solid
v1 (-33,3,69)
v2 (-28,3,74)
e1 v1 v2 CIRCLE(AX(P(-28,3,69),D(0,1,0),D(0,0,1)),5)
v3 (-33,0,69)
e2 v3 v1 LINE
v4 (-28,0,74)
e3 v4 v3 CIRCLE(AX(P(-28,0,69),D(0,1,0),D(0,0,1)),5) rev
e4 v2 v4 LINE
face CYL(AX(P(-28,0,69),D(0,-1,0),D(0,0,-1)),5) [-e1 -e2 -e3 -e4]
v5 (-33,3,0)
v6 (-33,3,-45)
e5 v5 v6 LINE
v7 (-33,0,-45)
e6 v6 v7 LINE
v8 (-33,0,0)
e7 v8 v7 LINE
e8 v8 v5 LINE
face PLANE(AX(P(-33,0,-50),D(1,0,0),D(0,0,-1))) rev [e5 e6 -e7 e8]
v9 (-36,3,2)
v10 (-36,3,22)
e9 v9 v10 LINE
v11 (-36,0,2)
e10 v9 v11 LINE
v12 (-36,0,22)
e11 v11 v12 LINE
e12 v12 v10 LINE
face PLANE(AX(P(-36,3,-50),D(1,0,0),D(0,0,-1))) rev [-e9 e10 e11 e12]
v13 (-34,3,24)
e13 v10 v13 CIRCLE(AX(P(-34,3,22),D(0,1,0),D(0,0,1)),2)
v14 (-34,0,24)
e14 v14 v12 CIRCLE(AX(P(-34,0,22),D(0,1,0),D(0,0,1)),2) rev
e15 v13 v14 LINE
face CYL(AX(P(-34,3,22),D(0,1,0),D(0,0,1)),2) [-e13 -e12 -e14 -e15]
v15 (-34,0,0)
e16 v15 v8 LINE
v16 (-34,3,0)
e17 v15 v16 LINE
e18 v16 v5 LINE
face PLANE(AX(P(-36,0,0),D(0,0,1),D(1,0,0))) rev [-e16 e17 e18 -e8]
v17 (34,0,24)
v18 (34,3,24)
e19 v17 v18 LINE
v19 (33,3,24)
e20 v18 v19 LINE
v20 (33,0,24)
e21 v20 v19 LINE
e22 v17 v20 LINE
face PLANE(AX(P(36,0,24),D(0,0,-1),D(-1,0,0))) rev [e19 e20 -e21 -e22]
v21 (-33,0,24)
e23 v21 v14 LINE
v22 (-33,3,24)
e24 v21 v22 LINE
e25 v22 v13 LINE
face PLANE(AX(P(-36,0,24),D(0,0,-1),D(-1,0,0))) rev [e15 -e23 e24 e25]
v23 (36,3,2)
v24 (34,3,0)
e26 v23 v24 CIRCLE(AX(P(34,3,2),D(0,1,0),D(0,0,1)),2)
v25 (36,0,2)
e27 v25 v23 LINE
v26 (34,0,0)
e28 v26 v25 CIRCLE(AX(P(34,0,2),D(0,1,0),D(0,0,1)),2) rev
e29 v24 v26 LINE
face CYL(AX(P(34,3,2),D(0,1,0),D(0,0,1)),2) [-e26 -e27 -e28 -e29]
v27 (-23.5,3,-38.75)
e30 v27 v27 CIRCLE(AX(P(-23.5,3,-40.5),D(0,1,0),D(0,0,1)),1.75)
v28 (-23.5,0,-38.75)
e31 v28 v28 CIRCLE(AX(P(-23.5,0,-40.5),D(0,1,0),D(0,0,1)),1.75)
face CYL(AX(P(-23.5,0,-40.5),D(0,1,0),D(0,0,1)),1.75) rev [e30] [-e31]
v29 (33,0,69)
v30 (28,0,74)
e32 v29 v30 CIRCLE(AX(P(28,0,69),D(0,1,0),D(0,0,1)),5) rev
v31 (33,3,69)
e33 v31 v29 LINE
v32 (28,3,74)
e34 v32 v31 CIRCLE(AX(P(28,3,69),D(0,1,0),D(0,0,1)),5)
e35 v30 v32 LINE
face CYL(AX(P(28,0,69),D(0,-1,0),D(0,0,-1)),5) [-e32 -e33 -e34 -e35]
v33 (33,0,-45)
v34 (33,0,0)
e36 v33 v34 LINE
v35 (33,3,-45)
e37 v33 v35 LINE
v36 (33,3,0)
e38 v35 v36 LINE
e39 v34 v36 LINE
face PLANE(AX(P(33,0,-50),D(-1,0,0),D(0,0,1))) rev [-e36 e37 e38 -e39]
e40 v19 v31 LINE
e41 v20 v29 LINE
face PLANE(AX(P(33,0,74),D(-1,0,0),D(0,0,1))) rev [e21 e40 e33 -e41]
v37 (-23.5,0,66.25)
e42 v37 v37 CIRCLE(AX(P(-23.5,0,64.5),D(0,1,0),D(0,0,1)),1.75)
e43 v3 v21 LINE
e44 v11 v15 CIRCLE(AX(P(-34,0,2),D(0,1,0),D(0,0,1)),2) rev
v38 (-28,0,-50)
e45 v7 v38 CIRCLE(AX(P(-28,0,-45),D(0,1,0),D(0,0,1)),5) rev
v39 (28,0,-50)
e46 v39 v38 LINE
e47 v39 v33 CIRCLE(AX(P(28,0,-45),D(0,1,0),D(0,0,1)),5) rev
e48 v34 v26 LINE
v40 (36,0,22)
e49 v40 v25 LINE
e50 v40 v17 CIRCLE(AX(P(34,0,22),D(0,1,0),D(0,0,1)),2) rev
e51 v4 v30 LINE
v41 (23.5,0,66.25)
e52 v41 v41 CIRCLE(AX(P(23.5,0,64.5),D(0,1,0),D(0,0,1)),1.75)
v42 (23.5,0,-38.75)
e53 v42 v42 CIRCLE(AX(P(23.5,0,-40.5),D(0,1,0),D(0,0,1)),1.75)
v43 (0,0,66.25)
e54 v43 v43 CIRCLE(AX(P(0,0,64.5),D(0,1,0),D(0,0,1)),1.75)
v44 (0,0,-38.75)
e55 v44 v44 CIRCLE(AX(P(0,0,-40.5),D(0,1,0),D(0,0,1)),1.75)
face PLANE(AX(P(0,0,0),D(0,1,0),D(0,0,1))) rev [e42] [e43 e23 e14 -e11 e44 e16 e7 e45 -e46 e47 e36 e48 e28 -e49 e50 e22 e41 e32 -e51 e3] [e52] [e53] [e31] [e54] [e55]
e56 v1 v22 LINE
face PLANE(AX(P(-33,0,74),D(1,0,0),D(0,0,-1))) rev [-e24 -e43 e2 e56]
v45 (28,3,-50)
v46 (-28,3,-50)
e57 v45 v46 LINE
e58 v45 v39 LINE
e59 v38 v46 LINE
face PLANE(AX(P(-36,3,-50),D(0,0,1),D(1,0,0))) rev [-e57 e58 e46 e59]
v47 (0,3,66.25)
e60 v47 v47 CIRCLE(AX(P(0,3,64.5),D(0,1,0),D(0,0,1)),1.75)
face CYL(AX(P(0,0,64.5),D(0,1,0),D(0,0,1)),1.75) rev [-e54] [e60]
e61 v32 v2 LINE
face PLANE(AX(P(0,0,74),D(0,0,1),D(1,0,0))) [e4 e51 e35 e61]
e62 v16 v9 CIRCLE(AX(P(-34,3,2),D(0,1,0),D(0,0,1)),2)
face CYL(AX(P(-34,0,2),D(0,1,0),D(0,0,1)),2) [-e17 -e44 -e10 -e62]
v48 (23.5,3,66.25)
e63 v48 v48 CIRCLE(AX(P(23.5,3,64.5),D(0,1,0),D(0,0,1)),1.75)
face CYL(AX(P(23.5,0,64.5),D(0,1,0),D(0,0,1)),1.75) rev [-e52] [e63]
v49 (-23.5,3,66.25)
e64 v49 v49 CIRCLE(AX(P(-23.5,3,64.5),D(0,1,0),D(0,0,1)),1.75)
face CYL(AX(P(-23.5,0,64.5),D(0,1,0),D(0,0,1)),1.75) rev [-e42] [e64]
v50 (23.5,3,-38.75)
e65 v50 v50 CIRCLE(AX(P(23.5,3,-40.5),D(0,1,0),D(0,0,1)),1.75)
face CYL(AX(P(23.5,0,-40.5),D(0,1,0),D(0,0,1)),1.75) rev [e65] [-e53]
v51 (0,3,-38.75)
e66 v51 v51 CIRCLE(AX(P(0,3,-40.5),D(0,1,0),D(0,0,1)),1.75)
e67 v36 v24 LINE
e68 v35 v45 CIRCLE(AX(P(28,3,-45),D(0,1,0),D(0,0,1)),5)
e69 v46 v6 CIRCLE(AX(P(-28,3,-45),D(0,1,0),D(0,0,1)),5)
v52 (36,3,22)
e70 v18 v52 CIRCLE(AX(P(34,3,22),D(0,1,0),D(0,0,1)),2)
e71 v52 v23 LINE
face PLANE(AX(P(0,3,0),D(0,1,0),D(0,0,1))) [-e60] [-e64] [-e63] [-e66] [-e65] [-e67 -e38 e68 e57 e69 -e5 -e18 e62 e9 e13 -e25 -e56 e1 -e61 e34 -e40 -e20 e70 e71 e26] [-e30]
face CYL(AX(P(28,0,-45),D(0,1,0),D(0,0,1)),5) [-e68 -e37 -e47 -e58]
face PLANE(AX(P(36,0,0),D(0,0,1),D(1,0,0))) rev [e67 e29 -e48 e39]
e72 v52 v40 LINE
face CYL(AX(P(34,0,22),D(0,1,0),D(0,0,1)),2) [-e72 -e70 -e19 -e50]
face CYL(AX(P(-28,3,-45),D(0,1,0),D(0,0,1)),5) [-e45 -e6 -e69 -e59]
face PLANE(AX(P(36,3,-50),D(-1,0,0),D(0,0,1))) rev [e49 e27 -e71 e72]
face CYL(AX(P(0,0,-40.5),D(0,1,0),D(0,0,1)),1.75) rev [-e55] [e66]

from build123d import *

# Parameters (mm, degrees)
SKETCH_1_W               = 72
SKETCH_1_H               = 100
EXTRUDE_1_DEPTH          = 3
SKETCH_2_W               = 72
SKETCH_2_H               = 3
EXTRUDE_2_DEPTH          = 24
CUT_EXTRUDE_1_DEPTH      = 83.346827504
CUT_EXTRUDE_1_DEPTH_BACK = 83.346827504
SKETCH_3_W               = 3
SKETCH_3_H               = 50
CUT_EXTRUDE_2_DEPTH      = 83.346827504
CUT_EXTRUDE_2_DEPTH_BACK = 83.346827504
SKETCH_5_R               = 1.75
CUT_EXTRUDE_3_DEPTH      = 83.346827504
CUT_EXTRUDE_3_DEPTH_BACK = 83.346827504
SKETCH_6_R               = 1.75
FILLET_1_R               = 5
FILLET_2_R               = 2
CUT_EXTRUDE_5_DEPTH      = 83.346827504
CUT_EXTRUDE_5_DEPTH_BACK = 83.346827504
SKETCH_8_R               = 1.75


with BuildPart() as part:
    # 草图1 → 凸台-拉伸1 (new body)
    with BuildSketch(Plane(origin=(0, 0, 0), x_dir=(1, 0, 0), z_dir=(0, 1, 0))):
        Rectangle(SKETCH_1_W, SKETCH_1_H)
    extrude(amount=EXTRUDE_1_DEPTH)

    # 草图2 → 凸台-拉伸2 (add)
    with BuildSketch(Plane.XY.offset(50)):
        with Locations((0, 1.5)):
            Rectangle(SKETCH_2_W, SKETCH_2_H)
    extrude(amount=EXTRUDE_2_DEPTH)

    # 草图3 → 切除-拉伸1 (cut, two sides: drawn at the far end of the back side and taken through both)
    with BuildSketch(Plane(origin=(0, 3, 0), x_dir=(1, 0, 0), z_dir=(0, 1, 0)).offset(-CUT_EXTRUDE_1_DEPTH_BACK)):
        with Locations((-34.5, 25)):
            Rectangle(SKETCH_3_W, SKETCH_3_H)
        with Locations((34.5, 25)):
            Rectangle(SKETCH_3_W, SKETCH_3_H)
        with Locations((-34.5, -49)):
            Rectangle(SKETCH_3_W, SKETCH_3_H)
        with Locations((34.5, -49)):
            Rectangle(SKETCH_3_W, SKETCH_3_H)
    extrude(amount=CUT_EXTRUDE_1_DEPTH + CUT_EXTRUDE_1_DEPTH_BACK, mode=Mode.SUBTRACT)

    # 草图5 → 切除-拉伸2 (cut, two sides: drawn at the far end of the back side and taken through both)
    with BuildSketch(Plane(origin=(0, 3, 0), x_dir=(1, 0, 0), z_dir=(0, 1, 0)).offset(-CUT_EXTRUDE_2_DEPTH_BACK)):
        with Locations(Location((-23.5, 40.5, 0), (0, 0, 270))):
            Circle(SKETCH_5_R)
    extrude(amount=CUT_EXTRUDE_2_DEPTH + CUT_EXTRUDE_2_DEPTH_BACK, mode=Mode.SUBTRACT)

    # 草图6 → 切除-拉伸3 (cut, two sides: drawn at the far end of the back side and taken through both)
    with BuildSketch(Plane(origin=(0, 3, 0), x_dir=(1, 0, 0), z_dir=(0, 1, 0)).offset(-CUT_EXTRUDE_3_DEPTH_BACK)):
        with Locations(Location((23.5, 40.5, 0), (0, 0, 270))):
            Circle(SKETCH_6_R)
        with Locations(Location((-23.5, -64.5, 0), (0, 0, 270))):
            Circle(SKETCH_6_R)
        with Locations(Location((23.5, -64.5, 0), (0, 0, 270))):
            Circle(SKETCH_6_R)
    extrude(amount=CUT_EXTRUDE_3_DEPTH + CUT_EXTRUDE_3_DEPTH_BACK, mode=Mode.SUBTRACT)

    # 圆角1
    fillet_1_edges = [part.edges().sort_by_distance(p)[0] for p in [
        (33, 1.5, -50),
        (-33, 1.5, 74),
        (33, 1.5, 74),
        (-33, 1.5, -50),
    ]]
    fillet(fillet_1_edges, radius=FILLET_1_R)

    # 圆角2
    fillet_2_edges = [part.edges().sort_by_distance(p)[0] for p in [
        (36, 1.5, 0),
        (-36, 1.5, 24),
        (36, 1.5, 24),
        (-36, 1.5, 0),
    ]]
    fillet(fillet_2_edges, radius=FILLET_2_R)

    # 草图8 → 切除-拉伸5 (cut, two sides: drawn at the far end of the back side and taken through both)
    with BuildSketch(Plane(origin=(0, 3, 0), x_dir=(1, 0, 0), z_dir=(0, 1, 0)).offset(-CUT_EXTRUDE_5_DEPTH_BACK)):
        with Locations(Location((0, 40.5, 0), (0, 0, 270))):
            Circle(SKETCH_8_R)
        with Locations(Location((0, -64.5, 0), (0, 0, 270))):
            Circle(SKETCH_8_R)
    extrude(amount=CUT_EXTRUDE_5_DEPTH + CUT_EXTRUDE_5_DEPTH_BACK, mode=Mode.SUBTRACT)


solid = part.part
